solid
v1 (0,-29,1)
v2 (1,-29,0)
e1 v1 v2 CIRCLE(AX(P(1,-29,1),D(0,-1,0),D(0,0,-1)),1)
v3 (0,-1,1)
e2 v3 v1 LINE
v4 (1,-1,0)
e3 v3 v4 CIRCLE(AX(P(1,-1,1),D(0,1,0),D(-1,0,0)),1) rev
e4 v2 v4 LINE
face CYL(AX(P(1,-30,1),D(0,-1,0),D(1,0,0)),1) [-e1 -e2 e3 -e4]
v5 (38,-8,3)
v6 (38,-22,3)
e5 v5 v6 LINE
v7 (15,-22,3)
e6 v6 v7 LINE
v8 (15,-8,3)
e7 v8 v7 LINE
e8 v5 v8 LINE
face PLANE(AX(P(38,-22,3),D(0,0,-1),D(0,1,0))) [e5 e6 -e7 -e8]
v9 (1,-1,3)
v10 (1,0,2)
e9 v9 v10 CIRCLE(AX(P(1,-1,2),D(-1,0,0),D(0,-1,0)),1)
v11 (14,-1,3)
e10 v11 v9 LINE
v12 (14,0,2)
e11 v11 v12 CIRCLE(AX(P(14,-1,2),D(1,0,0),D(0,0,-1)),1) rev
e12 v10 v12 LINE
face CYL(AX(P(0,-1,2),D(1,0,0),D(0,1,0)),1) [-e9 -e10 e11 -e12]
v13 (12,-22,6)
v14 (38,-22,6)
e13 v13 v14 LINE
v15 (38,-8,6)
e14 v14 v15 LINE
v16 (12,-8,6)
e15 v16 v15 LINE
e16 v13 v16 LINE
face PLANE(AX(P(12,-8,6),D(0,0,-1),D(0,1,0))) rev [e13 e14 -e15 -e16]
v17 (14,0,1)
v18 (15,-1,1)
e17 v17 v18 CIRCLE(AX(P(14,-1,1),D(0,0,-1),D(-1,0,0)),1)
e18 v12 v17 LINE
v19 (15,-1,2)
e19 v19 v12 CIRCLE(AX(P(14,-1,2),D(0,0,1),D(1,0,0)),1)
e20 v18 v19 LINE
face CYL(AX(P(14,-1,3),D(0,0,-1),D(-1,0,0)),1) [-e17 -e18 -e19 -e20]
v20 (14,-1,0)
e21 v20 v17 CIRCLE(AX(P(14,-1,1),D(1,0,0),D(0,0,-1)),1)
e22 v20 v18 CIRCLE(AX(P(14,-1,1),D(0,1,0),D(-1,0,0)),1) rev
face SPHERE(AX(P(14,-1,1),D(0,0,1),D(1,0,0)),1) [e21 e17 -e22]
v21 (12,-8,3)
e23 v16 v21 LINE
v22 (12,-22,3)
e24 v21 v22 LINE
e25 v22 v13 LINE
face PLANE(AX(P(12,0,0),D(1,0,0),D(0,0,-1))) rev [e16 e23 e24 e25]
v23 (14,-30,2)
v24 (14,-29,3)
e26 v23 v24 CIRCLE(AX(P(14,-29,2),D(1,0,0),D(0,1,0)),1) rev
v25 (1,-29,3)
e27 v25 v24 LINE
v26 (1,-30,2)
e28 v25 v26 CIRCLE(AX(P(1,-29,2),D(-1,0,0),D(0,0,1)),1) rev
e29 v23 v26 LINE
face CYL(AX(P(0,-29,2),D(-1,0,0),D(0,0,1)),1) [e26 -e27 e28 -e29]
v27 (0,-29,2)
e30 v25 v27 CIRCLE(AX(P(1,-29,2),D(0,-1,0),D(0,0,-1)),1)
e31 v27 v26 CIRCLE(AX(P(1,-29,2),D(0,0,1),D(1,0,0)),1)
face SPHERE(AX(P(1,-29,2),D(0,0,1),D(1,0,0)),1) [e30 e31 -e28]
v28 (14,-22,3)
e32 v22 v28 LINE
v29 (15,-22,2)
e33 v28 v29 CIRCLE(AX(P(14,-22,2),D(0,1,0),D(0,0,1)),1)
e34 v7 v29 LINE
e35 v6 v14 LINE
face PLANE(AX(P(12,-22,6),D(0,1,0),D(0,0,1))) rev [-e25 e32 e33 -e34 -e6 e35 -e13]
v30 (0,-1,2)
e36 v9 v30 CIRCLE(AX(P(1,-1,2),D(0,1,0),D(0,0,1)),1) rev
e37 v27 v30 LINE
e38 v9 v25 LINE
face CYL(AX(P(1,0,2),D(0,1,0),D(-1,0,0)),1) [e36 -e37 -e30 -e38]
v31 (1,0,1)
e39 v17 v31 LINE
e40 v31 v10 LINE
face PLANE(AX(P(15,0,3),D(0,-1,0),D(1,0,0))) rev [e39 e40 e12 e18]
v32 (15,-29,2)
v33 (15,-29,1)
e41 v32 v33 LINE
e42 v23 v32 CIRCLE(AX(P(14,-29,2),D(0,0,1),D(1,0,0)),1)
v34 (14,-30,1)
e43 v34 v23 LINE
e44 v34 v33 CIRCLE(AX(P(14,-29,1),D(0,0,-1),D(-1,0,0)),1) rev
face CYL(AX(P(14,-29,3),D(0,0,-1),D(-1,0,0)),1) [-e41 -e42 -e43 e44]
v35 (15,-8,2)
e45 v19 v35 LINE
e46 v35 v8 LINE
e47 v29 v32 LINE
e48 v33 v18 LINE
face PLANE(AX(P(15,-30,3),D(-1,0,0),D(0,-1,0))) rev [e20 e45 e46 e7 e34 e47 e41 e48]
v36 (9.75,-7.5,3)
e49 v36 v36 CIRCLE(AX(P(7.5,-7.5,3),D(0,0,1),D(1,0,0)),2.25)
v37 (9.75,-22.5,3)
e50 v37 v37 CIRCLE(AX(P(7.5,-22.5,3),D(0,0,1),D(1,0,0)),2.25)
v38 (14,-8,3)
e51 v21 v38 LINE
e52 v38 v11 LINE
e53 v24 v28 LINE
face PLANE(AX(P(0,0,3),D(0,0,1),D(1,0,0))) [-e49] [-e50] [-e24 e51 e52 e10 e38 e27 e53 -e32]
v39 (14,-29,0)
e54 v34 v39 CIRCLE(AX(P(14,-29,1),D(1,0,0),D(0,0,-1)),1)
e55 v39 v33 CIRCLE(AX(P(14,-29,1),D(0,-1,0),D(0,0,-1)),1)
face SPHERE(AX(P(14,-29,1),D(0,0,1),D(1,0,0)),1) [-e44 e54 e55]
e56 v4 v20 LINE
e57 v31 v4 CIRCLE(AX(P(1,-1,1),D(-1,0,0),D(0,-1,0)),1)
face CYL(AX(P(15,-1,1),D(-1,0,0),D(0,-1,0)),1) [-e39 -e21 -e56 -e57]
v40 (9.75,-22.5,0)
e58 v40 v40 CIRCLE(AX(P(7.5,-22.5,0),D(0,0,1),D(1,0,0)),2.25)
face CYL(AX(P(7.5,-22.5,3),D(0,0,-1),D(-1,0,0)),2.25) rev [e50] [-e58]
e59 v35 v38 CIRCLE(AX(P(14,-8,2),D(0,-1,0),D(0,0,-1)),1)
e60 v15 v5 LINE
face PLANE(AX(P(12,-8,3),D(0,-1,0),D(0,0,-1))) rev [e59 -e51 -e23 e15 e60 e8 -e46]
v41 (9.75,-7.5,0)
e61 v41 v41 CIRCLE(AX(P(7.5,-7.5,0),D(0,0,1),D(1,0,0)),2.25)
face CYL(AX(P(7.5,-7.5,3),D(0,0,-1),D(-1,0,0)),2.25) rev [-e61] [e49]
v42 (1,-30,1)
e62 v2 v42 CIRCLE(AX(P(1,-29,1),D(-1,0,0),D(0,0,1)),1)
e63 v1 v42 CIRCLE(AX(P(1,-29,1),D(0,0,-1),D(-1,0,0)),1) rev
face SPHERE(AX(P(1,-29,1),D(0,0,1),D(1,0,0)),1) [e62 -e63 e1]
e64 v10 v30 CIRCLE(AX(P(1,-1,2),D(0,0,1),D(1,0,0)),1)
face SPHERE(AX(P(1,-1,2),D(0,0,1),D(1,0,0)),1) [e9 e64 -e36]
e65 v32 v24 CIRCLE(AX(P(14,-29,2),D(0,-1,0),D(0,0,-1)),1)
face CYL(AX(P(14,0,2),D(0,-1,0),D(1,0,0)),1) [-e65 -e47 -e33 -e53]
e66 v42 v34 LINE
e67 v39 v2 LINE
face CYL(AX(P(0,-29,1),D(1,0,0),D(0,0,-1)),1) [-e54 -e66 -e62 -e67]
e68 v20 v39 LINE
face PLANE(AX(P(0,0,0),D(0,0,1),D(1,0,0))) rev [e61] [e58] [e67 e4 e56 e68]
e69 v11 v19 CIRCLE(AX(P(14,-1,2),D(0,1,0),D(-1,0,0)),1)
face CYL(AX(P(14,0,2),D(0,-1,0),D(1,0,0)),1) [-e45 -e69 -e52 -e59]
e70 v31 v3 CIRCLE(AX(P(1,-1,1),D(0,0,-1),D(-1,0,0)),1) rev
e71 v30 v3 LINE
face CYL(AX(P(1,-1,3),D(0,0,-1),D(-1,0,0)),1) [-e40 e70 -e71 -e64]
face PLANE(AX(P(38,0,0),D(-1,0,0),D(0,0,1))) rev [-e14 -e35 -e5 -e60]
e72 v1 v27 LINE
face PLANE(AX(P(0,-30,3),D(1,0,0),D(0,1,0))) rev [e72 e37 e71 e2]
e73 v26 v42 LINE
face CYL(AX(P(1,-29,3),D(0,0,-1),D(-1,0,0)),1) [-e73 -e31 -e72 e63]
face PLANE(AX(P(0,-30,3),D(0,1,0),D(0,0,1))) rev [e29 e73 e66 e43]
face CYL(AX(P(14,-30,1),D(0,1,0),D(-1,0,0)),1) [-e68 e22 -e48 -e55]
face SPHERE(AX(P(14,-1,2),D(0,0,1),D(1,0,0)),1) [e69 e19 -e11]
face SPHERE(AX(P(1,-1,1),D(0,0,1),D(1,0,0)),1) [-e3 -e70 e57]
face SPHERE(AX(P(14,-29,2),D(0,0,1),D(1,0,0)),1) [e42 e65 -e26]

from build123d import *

# Parameters (mm, degrees)
SKETCH1_W           = 15
SKETCH1_H           = 30
SKETCH1_R           = 2.25
BOSS_EXTRUDE1_DEPTH = 3
SKETCH3_W           = 3
SKETCH3_H           = 14
BOSS_EXTRUDE2_DEPTH = 3
SKETCH4_W           = 3
SKETCH4_H           = 14
BOSS_EXTRUDE3_DEPTH = 26
FILLET2_R           = 1


with BuildPart() as part:
    # Sketch1 → Boss-Extrude1 (new body)
    with BuildSketch(Plane.XY):
        with Locations((7.5, -15)):
            Rectangle(SKETCH1_W, SKETCH1_H)
        with Locations((7.5, -7.5)):
            Circle(SKETCH1_R, mode=Mode.SUBTRACT)
        with Locations((7.5, -22.5)):
            Circle(SKETCH1_R, mode=Mode.SUBTRACT)
    extrude(amount=BOSS_EXTRUDE1_DEPTH)

    # Sketch3 → Boss-Extrude2 (add)
    with BuildSketch(Plane.ZY.offset(-15)):
        with Locations((4.5, -15)):
            Rectangle(SKETCH3_W, SKETCH3_H)
    extrude(amount=BOSS_EXTRUDE2_DEPTH)

    # Sketch4 → Boss-Extrude3 (add)
    with BuildSketch(Plane.ZY.offset(-12)):
        with Locations((4.5, -15)):
            Rectangle(SKETCH4_W, SKETCH4_H)
    extrude(amount=-BOSS_EXTRUDE3_DEPTH)

    # Fillet2
    fillet2_edges = [part.edges().sort_by_distance(p)[0] for p in [
        (7.5, -30, 3),
        (7.5, -30, 0),
        (7.5, 0, 0),
        (7.5, 0, 3),
        (0, 0, 1.5),
        (0, -15, 3),
        (0, -30, 1.5),
        (0, -15, 0),
        (15, -30, 1.5),
        (15, 0, 1.5),
        (15, -4, 3),
        (15, -26, 3),
        (15, -15, 0),
    ]]
    fillet(fillet2_edges, radius=FILLET2_R)


solid = part.part
